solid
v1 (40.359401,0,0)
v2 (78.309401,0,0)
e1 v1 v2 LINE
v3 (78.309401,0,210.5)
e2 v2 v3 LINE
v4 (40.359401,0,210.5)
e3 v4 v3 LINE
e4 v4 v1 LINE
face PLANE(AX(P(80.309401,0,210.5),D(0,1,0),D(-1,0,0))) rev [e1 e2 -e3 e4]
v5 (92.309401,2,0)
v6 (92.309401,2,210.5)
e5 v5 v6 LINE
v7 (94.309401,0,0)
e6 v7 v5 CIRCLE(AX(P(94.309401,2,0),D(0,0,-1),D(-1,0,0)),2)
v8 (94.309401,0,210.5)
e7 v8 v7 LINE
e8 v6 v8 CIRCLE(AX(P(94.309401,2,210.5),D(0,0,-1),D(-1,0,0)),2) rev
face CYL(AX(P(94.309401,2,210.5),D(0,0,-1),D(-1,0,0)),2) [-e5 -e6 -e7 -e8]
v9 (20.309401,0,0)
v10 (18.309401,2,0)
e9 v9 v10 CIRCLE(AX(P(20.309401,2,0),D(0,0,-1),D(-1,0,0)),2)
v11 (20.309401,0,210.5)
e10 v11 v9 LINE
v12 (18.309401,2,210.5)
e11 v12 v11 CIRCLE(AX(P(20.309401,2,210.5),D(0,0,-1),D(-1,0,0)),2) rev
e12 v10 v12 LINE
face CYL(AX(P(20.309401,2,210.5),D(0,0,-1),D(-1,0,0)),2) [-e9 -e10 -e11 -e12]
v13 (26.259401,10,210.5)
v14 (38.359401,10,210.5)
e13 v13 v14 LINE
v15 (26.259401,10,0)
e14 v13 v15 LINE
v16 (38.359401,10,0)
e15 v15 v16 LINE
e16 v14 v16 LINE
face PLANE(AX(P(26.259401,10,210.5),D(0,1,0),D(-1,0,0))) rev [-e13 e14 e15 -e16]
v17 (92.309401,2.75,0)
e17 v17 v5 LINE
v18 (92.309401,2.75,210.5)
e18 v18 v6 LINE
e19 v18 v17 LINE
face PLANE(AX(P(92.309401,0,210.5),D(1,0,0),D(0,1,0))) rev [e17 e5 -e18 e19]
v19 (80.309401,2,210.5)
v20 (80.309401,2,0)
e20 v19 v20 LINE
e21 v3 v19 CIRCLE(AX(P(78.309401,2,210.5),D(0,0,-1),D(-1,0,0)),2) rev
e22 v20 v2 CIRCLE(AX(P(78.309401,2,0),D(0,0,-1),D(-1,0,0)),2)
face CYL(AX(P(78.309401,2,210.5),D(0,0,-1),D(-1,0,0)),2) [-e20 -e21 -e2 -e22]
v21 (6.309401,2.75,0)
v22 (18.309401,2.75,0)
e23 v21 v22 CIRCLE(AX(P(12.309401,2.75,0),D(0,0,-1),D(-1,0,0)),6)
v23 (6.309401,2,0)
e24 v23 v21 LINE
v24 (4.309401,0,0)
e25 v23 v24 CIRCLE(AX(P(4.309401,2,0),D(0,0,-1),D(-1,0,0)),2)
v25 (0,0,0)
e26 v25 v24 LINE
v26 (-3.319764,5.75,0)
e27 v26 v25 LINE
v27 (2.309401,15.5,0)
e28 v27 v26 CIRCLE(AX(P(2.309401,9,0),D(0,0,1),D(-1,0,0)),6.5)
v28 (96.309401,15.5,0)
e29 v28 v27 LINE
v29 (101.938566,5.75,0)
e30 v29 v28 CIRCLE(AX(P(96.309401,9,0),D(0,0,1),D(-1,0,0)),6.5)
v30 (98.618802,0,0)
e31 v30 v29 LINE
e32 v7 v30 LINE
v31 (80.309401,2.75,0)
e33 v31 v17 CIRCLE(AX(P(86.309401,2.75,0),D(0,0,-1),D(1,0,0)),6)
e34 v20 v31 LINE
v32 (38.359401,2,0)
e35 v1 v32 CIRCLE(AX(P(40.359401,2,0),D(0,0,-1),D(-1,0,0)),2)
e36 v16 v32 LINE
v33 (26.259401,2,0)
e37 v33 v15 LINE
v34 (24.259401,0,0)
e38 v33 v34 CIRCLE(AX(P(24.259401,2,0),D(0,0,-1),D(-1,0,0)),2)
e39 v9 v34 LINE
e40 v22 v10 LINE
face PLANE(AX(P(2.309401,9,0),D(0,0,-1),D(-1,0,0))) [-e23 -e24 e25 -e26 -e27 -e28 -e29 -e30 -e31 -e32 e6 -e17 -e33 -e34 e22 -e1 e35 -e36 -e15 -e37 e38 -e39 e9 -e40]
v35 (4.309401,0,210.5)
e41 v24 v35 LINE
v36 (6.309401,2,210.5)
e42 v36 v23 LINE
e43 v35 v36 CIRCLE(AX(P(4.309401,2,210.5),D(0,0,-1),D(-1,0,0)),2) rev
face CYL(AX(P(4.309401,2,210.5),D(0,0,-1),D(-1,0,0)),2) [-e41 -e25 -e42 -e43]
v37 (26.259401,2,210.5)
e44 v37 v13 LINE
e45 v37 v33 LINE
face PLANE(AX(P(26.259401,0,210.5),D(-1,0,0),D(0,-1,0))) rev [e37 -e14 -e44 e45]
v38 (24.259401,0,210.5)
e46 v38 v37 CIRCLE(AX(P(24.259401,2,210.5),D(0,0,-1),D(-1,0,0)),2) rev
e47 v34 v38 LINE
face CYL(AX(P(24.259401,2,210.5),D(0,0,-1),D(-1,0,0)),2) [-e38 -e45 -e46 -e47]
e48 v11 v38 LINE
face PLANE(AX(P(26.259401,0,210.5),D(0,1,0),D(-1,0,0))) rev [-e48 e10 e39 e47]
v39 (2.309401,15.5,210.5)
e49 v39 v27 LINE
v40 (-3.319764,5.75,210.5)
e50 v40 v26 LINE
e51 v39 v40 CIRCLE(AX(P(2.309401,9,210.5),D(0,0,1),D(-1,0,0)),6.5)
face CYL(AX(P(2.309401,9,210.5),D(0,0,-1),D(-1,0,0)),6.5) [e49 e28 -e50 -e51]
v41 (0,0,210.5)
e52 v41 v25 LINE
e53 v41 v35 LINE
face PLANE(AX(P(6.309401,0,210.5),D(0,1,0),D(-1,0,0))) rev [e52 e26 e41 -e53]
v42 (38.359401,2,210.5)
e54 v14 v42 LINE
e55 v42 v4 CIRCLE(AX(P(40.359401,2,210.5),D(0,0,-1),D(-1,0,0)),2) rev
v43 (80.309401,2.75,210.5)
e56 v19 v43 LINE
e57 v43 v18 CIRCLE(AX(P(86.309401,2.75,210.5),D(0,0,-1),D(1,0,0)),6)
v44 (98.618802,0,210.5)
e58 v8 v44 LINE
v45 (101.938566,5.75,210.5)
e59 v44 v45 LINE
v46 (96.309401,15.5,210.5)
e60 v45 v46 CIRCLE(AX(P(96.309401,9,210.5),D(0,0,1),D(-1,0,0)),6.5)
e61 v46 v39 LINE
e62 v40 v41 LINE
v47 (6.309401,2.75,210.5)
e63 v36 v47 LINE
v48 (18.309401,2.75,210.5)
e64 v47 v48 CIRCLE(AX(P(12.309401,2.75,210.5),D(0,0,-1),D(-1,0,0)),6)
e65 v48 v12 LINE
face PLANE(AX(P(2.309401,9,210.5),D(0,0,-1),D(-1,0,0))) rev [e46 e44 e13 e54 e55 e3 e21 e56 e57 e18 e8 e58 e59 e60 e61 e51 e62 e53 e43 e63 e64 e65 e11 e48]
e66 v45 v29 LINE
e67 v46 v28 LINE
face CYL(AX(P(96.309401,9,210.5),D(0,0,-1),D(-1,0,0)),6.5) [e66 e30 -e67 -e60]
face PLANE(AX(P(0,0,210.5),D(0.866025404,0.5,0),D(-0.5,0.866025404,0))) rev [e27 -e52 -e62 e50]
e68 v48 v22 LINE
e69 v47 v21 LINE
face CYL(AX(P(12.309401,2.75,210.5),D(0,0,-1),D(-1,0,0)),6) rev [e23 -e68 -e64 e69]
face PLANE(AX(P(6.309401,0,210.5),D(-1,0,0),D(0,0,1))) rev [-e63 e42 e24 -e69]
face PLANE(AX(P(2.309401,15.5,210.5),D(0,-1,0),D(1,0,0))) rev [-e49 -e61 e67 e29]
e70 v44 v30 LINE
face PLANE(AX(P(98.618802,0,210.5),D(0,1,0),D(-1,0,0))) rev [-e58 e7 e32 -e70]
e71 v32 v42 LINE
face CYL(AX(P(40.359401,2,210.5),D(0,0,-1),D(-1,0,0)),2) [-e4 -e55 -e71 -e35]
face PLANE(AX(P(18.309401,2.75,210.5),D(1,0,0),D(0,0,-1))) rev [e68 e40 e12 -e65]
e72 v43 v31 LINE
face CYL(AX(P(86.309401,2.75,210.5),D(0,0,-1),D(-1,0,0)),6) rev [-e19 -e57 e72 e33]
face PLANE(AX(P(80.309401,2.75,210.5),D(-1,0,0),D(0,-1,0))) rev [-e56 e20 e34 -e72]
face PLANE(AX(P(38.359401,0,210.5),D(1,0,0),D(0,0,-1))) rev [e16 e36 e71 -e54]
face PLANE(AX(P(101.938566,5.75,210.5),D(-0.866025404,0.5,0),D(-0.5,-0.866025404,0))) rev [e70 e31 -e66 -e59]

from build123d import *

# Parameters (mm, degrees)
BOSS_EXTRUDE1_DEPTH = 210.5
FILLET1_R           = 2


with BuildPart() as part:
    # Sketch1 → Boss-Extrude1 (new body)
    with BuildSketch(Plane.XY):
        with BuildLine():
            Line((0, 0), (-3.319764048, 5.75))
            ThreePointArc((-3.319764048, 5.75), (-3.319764048, 12.25), (2.309401077, 15.5))
            Line((2.309401077, 15.5), (96.309401077, 15.5))
            ThreePointArc((96.309401077, 15.5), (101.938566201, 12.25), (101.938566201, 5.75))
            Line((101.938566201, 5.75), (98.618802154, 0))
            Line((98.618802154, 0), (92.309401077, 0))
            Line((92.309401077, 0), (92.309401077, 2.75))
            ThreePointArc((92.309401077, 2.75), (86.309401077, 8.75), (80.309401077, 2.75))
            Line((80.309401077, 2.75), (80.309401077, 0))
            Line((80.309401077, 0), (38.359401077, 0))
            Line((38.359401077, 0), (38.359401077, 10))
            Line((38.359401077, 10), (26.259401077, 10))
            Line((26.259401077, 10), (26.259401077, 0))
            Line((26.259401077, 0), (18.309401077, 0))
            Line((18.309401077, 0), (18.309401077, 2.75))
            ThreePointArc((18.309401077, 2.75), (12.309401077, 8.75), (6.309401077, 2.75))
            Line((6.309401077, 2.75), (6.309401077, 0))
            Line((6.309401077, 0), (0, 0))
        make_face()
    extrude(amount=BOSS_EXTRUDE1_DEPTH)

    # Fillet1
    fillet1_edges = [part.edges().sort_by_distance(p)[0] for p in [
        (92.309401077, 0, 105.25),
        (80.309401077, 0, 105.25),
        (38.359401077, 0, 105.25),
        (26.259401077, 0, 105.25),
        (18.309401077, 0, 105.25),
        (6.309401077, 0, 105.25),
    ]]
    fillet(fillet1_edges, radius=FILLET1_R)


solid = part.part
